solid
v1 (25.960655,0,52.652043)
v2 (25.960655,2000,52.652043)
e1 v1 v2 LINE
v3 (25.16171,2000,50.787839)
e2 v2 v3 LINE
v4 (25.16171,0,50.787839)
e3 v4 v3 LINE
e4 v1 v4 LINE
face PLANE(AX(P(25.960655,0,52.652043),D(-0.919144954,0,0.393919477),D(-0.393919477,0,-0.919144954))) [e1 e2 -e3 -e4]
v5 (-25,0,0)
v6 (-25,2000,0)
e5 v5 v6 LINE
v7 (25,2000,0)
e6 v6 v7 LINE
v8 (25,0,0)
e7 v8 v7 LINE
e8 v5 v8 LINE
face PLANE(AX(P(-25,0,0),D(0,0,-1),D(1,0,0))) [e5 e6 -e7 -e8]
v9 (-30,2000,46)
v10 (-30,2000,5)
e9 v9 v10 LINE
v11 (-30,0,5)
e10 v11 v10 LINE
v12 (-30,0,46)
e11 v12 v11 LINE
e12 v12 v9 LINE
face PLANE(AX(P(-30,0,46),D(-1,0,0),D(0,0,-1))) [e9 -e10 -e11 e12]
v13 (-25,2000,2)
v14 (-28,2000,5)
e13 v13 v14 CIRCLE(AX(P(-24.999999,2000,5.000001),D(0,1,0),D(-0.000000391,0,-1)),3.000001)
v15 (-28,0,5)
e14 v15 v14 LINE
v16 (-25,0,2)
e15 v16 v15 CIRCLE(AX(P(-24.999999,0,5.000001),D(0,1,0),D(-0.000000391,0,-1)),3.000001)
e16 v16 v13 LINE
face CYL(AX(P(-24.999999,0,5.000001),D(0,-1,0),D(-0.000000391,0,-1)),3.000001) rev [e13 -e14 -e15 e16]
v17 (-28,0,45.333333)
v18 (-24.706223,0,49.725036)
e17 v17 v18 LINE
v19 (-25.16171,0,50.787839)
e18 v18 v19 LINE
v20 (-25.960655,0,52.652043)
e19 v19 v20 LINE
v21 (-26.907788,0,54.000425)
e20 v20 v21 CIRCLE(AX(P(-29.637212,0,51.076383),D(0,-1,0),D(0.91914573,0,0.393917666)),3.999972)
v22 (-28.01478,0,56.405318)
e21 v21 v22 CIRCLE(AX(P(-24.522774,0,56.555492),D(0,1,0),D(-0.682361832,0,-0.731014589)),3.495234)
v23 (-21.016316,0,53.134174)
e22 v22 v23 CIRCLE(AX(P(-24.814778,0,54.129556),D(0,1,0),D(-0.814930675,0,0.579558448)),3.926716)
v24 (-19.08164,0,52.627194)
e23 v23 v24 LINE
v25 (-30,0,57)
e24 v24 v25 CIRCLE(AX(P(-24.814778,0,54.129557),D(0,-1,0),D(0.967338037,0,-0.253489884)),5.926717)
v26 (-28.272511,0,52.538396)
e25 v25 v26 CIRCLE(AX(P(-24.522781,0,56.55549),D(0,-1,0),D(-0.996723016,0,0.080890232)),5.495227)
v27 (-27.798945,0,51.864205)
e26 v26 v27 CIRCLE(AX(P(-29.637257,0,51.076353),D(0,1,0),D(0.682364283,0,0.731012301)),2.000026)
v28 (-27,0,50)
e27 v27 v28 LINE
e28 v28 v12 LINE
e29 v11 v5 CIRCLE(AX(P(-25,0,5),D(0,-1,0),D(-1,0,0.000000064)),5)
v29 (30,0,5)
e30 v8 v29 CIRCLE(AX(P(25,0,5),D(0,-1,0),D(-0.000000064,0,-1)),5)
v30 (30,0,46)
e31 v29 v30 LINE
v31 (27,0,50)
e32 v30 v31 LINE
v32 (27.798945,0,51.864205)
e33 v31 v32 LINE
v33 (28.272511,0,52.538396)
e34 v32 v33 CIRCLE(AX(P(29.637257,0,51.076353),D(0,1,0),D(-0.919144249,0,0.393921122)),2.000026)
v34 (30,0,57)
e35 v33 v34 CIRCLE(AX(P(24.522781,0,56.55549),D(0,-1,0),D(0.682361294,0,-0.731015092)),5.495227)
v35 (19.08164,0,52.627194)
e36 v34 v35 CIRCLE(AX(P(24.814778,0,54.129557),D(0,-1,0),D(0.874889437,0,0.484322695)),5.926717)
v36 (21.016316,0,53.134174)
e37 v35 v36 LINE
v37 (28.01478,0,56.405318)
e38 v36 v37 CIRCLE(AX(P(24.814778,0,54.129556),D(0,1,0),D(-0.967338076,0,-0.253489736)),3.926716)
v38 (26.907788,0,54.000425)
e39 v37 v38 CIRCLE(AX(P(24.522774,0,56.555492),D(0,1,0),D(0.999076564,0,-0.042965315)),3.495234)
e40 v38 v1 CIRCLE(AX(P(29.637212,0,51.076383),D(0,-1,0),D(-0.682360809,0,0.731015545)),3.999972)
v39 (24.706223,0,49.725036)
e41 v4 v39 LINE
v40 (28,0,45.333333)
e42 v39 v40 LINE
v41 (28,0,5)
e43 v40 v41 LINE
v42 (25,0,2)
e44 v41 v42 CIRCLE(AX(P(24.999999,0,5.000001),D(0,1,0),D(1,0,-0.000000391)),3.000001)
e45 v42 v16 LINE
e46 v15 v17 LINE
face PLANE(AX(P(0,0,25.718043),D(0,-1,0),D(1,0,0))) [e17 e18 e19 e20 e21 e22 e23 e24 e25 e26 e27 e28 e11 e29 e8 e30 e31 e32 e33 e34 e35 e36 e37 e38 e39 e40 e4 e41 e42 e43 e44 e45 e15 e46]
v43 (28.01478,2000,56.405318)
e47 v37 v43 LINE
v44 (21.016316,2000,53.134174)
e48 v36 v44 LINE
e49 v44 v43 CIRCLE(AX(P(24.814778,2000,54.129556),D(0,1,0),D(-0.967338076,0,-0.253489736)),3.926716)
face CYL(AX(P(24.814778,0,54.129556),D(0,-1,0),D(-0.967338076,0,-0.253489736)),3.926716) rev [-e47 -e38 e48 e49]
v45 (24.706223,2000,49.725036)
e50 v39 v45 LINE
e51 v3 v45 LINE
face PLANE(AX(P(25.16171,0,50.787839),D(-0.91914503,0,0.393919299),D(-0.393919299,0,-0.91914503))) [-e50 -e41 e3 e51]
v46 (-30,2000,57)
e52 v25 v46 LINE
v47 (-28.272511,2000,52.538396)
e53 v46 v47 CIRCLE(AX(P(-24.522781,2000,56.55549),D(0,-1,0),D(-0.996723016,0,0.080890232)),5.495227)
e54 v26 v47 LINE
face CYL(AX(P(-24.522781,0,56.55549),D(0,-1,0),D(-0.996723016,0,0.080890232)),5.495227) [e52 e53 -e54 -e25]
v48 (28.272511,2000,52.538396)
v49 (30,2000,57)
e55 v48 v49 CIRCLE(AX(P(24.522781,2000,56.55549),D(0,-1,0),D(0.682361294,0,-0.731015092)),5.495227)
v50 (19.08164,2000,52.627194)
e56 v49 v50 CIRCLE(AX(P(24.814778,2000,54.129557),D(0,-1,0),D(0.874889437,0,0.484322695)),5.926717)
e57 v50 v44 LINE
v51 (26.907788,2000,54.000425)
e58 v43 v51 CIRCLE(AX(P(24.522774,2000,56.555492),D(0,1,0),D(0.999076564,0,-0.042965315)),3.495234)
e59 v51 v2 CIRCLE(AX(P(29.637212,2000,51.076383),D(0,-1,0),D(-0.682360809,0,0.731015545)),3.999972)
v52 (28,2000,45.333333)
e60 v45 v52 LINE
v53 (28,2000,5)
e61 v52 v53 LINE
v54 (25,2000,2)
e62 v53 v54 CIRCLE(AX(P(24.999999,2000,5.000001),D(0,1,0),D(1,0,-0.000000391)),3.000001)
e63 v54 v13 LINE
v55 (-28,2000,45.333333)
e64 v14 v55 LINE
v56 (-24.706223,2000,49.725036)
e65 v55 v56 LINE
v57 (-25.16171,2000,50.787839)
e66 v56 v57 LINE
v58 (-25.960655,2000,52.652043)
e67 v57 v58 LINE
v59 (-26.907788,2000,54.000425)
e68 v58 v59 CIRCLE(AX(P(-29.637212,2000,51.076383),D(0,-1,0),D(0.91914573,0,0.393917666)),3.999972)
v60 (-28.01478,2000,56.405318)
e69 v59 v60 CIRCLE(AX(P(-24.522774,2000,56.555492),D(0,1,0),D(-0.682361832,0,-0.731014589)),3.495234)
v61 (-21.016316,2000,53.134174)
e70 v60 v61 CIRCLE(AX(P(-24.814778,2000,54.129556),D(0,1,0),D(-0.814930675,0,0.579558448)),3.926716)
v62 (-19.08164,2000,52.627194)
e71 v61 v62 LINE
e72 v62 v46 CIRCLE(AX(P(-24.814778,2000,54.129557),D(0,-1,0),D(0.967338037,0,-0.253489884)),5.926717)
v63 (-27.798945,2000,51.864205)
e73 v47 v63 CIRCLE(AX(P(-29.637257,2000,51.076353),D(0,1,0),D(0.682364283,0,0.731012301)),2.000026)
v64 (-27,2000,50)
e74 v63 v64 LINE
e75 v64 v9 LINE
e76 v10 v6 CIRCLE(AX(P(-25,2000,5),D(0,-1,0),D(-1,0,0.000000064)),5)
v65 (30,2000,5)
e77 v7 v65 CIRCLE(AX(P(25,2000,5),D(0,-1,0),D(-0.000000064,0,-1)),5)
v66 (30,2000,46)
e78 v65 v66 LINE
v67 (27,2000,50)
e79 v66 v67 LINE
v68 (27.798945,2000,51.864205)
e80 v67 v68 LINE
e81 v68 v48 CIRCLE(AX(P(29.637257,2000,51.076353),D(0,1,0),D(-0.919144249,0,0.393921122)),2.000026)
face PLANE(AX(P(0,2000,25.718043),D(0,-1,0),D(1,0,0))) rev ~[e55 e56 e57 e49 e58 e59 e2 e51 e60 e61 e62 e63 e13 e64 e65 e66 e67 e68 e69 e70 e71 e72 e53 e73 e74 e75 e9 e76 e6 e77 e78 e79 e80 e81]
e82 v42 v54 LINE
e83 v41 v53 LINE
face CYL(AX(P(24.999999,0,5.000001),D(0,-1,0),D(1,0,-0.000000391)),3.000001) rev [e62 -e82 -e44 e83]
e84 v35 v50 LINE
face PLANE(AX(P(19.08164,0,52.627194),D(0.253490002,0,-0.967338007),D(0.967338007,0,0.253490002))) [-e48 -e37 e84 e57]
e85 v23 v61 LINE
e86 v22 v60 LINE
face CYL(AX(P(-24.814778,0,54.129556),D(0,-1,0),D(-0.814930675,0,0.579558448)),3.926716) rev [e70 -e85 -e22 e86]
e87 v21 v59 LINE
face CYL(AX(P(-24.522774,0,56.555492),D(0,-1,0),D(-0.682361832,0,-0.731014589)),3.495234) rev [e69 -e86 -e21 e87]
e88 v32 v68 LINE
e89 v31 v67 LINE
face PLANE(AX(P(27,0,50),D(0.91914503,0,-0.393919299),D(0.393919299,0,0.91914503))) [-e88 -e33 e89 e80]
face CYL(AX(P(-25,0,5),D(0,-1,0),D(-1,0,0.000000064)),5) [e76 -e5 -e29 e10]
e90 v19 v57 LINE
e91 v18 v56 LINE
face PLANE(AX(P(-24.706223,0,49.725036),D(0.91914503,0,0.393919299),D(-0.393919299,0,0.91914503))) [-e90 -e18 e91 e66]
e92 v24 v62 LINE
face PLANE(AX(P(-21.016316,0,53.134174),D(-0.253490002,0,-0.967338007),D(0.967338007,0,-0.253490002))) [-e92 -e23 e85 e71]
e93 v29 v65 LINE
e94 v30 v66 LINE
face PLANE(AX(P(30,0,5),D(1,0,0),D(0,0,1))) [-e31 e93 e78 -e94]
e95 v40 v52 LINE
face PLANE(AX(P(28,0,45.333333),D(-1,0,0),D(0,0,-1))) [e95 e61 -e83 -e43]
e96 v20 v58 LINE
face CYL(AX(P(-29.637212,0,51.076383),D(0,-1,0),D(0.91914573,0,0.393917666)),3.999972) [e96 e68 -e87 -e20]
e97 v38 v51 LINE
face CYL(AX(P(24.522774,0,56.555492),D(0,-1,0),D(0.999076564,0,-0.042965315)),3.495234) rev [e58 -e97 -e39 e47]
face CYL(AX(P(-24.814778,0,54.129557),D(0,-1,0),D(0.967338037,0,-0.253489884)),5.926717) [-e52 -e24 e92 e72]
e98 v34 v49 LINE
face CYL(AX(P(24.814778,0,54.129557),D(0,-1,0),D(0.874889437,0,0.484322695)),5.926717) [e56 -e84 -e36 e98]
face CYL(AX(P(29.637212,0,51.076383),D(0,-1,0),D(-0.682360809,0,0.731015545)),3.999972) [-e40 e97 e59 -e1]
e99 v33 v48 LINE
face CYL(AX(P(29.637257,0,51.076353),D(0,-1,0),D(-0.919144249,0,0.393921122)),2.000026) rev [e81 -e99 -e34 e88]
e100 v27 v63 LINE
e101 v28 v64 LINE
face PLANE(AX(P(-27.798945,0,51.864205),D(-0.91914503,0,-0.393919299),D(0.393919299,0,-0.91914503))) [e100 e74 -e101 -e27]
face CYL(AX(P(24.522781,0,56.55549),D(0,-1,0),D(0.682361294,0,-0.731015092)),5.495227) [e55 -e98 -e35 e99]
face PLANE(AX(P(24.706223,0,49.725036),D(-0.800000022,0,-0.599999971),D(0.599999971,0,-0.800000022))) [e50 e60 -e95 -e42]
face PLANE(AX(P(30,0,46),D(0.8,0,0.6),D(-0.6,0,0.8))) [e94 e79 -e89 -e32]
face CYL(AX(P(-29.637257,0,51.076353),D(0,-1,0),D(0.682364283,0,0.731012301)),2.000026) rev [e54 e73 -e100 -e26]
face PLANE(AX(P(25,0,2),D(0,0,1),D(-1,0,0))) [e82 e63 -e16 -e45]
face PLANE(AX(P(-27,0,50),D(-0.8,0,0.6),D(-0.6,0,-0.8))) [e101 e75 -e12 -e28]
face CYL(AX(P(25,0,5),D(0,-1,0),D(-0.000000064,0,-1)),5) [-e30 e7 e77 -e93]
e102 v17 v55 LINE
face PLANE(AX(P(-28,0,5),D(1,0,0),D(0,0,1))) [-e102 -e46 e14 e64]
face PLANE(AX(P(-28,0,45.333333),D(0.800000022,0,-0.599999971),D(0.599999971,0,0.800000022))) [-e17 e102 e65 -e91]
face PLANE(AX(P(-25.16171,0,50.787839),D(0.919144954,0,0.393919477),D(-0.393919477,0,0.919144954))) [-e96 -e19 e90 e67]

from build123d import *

# Parameters (mm, degrees)
F1_DEPTH = 2000


with BuildPart() as f1:
    # F0 (on Front) → F1 (new body)
    with BuildSketch(Plane.XZ):
        with BuildLine():
            Line((-25, 0), (0, 0))
            Line((0, 0), (25, 0))
            ThreePointArc((25, 0), (28.535534, 1.464466), (30, 5))
            Line((30, 5), (30, 46))
            Line((30, 46), (27, 50))
            Line((27, 50), (27.798945, 51.864205))
            ThreePointArc((27.798945, 51.864205), (28.000636, 52.22595), (28.272511, 52.538396))
            ThreePointArc((28.272511, 52.538396), (29.647293, 54.571329), (30, 57))
            ThreePointArc((30, 57), (22.611278, 59.631425), (19.08164, 52.627194))
            Line((19.08164, 52.627194), (21.016316, 53.134174))
            ThreePointArc((21.016316, 53.134174), (23.152059, 57.686868), (28.01478, 56.405318))
            ThreePointArc((28.01478, 56.405318), (27.697789, 55.094007), (26.907788, 54.000425))
            ThreePointArc((26.907788, 54.000425), (26.364036, 53.375534), (25.960655, 52.652043))
            Line((25.960655, 52.652043), (25.16171, 50.787839))
            Line((25.16171, 50.787839), (24.706223, 49.725036))
            Line((24.706223, 49.725036), (28, 45.333333))
            Line((28, 45.333333), (28, 5))
            ThreePointArc((28, 5), (27.12132, 2.87868), (25, 2))
            Line((25, 2), (0, 2))
            Line((0, 2), (-25, 2))
            ThreePointArc((-25, 2), (-27.12132, 2.87868), (-28, 5))
            Line((-28, 5), (-28, 45.333333))
            Line((-28, 45.333333), (-24.706223, 49.725036))
            Line((-24.706223, 49.725036), (-25.16171, 50.787839))
            Line((-25.16171, 50.787839), (-25.960655, 52.652043))
            ThreePointArc((-25.960655, 52.652043), (-26.364036, 53.375534), (-26.907788, 54.000425))
            ThreePointArc((-26.907788, 54.000425), (-27.697789, 55.094007), (-28.01478, 56.405318))
            ThreePointArc((-28.01478, 56.405318), (-23.152059, 57.686868), (-21.016316, 53.134174))
            Line((-21.016316, 53.134174), (-19.08164, 52.627194))
            ThreePointArc((-19.08164, 52.627194), (-22.611278, 59.631425), (-30, 57))
            ThreePointArc((-30, 57), (-29.647293, 54.571329), (-28.272511, 52.538396))
            ThreePointArc((-28.272511, 52.538396), (-28.000636, 52.22595), (-27.798945, 51.864205))
            Line((-27.798945, 51.864205), (-27, 50))
            Line((-27, 50), (-30, 46))
            Line((-30, 46), (-30, 5))
            ThreePointArc((-30, 5), (-28.535534, 1.464466), (-25, 0))
        make_face()
    extrude(amount=-F1_DEPTH)


solid = f1.part
